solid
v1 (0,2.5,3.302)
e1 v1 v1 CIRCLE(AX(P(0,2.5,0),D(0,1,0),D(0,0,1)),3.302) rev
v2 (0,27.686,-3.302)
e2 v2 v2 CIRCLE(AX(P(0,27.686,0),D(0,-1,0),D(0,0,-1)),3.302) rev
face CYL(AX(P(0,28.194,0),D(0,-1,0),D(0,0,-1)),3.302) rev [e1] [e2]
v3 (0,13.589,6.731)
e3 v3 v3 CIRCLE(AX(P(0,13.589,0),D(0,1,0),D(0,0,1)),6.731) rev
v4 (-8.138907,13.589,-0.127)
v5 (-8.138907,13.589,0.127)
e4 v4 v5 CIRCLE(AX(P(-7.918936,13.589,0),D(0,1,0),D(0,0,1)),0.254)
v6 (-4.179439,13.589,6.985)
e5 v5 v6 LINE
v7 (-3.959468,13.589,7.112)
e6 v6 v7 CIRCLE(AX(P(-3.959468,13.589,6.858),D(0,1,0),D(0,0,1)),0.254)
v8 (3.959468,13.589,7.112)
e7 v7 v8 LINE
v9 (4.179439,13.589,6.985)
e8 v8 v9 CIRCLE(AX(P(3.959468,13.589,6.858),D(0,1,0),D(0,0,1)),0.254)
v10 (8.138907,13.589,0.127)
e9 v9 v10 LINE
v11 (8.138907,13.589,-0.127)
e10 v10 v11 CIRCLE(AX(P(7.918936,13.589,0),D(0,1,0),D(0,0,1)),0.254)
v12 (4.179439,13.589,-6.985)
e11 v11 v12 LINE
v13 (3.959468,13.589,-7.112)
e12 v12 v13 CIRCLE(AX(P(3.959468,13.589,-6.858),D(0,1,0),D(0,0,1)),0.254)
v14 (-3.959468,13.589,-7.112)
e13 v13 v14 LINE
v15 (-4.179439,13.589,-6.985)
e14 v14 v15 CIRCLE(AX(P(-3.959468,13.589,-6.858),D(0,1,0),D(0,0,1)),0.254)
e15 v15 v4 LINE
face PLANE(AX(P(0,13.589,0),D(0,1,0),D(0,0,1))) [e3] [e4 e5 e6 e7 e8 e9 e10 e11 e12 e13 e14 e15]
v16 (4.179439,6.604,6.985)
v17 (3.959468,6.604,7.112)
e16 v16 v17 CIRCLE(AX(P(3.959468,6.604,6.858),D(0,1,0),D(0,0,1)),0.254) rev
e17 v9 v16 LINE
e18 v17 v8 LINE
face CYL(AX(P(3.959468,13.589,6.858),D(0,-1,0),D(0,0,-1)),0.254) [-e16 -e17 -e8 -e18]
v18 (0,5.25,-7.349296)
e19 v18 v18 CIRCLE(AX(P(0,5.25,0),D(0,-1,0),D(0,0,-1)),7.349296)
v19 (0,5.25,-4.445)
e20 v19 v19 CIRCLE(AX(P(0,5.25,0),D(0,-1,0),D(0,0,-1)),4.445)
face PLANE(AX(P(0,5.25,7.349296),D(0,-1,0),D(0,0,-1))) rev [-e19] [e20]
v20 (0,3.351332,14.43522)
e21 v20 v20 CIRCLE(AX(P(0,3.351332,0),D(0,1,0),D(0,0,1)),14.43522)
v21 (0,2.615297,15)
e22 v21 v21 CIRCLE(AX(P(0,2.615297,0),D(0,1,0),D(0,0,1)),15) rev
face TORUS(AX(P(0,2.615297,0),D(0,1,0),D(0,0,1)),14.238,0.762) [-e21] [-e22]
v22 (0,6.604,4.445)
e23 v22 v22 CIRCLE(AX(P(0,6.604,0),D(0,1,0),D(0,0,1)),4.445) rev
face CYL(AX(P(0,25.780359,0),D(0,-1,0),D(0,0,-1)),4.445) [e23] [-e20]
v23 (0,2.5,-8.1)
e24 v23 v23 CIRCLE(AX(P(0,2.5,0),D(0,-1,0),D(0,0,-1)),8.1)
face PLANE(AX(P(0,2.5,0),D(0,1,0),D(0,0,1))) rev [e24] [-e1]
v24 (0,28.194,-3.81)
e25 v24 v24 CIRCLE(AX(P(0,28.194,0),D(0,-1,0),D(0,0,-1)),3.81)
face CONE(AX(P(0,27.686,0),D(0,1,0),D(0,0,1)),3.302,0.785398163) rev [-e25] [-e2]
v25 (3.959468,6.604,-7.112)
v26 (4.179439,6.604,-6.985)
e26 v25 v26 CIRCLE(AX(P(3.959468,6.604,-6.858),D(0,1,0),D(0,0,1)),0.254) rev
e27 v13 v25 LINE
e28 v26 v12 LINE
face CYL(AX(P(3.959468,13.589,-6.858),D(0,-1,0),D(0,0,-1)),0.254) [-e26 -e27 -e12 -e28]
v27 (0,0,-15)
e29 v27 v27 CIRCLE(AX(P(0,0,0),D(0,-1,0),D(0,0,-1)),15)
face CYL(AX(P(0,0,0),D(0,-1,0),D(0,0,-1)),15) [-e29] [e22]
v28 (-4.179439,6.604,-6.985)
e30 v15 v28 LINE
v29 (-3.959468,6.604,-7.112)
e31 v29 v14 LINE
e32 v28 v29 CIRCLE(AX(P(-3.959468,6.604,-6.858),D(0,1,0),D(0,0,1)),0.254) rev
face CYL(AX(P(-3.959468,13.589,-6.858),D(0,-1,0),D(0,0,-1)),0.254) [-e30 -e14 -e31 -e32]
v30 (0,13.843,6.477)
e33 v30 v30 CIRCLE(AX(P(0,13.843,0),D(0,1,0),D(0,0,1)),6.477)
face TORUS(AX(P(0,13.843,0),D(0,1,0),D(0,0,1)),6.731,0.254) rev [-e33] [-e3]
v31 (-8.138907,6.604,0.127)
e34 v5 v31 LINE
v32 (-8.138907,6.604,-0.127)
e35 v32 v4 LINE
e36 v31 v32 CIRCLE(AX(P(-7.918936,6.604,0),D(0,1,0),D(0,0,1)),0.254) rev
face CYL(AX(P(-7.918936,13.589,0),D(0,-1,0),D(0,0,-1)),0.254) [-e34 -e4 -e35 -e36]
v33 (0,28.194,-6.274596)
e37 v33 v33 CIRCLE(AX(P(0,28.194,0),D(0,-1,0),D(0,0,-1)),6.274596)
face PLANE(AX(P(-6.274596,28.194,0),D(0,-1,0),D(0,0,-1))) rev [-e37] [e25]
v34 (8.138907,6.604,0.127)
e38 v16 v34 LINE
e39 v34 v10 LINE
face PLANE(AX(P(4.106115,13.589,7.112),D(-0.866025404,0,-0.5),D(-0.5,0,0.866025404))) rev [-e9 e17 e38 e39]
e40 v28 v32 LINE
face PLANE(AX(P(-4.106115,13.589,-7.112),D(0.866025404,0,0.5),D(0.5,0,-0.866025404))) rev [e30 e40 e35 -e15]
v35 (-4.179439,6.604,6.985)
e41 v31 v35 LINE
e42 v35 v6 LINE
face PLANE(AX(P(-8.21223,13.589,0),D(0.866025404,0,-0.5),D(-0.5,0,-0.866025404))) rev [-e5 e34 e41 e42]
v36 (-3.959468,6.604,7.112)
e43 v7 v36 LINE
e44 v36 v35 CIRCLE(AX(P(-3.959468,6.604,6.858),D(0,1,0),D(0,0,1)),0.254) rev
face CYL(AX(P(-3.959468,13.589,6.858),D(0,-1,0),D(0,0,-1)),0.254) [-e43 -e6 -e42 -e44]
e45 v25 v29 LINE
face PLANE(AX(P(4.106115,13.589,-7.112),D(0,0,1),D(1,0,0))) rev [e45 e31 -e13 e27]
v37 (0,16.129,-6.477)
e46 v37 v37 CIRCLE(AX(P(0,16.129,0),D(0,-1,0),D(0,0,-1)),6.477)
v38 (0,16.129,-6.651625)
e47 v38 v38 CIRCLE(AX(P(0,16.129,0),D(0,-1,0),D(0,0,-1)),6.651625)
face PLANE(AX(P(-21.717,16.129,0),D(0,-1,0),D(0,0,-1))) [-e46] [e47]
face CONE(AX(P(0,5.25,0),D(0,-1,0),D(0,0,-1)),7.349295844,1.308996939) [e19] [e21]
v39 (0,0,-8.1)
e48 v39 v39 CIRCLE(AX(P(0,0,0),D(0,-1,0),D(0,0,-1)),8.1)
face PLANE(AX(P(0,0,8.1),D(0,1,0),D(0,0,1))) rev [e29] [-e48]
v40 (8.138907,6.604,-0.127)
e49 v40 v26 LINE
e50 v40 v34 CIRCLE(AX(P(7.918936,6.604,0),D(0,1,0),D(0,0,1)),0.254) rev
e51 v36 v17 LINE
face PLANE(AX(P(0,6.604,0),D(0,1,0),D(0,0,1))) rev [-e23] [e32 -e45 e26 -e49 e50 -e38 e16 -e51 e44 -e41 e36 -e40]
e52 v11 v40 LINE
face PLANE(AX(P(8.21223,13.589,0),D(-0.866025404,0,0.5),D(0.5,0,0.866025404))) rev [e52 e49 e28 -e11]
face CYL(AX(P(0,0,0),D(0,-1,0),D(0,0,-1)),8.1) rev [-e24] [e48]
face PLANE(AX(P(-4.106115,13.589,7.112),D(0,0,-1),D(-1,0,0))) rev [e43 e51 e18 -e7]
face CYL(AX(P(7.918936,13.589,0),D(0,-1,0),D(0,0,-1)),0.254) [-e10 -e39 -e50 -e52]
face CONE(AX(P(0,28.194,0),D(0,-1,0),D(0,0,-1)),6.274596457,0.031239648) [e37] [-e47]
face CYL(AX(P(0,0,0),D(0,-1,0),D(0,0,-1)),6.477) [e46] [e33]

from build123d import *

# Parameters (mm, degrees)
SKETCH5_R         = 4.445
STUB_DEPTH        = 4.104
HEX_2_DEPTH       = 6.985
SKETCH11_W        = 15.24
SKETCH11_H        = 2.54
SKETCH3_R         = 3.302
CENTER_BORE_DEPTH = 36.283163634
FILLET1_R         = 0.254
FILLET2_R         = 0.762
CHAMFER1_SIZE     = 0.508
FILLET3_R         = 0.254


with BuildPart() as part:
    # Sketch1 → Flange (revolve)
    with BuildSketch(Plane(origin=(0, 0, 0), x_dir=(0, 0, -1), z_dir=(1, 0, 0)), mode=Mode.PRIVATE) as flange_sk:
        Polygon((-15, 0), (-15, 3.2), (-7.349295844, 5.25), (0, 5.25), (0, 2.5), (-8.1, 2.5), (-8.1, 0), align=None)
    revolve(flange_sk.sketch.rotate(Axis((0, 0, 0), (0, 1, 0)), 180), axis=Axis((0, 0, 0), (0, 1, 0)))

    # Sketch5 → Stub (add)
    with BuildSketch(Plane.XZ.offset(-2.5)):
        with Locations(Location((0, 0, 0), (0, 0, 270))):
            Circle(SKETCH5_R)
    extrude(amount=-STUB_DEPTH)

    # Sketch6 → Hex 2 (add)
    with BuildSketch(Plane(origin=(0, 6.604, 0), x_dir=(1, 0, 0), z_dir=(0, 1, 0))):
        Polygon((4.106115114, 7.112), (-4.106115114, 7.112), (-8.212230229, 0), (-4.106115114, -7.112), (4.106115114, -7.112), (8.212230229, 0), align=None)
    extrude(amount=HEX_2_DEPTH)

    # Sketch7 → Thread Body (revolve)
    with BuildSketch(Plane.XY, mode=Mode.PRIVATE) as thread_body_sk:
        Polygon((-6.731, 13.589), (-6.274596457, 28.194), (0, 28.194), (0, 13.589), align=None)
    revolve(thread_body_sk.sketch.rotate(Axis((0, 0, 0), (0, 1, 0)), 270), axis=Axis((0, 0, 0), (0, 1, 0)))

    # Sketch11 → Cut-Revolve1 (revolve, cut)
    with BuildSketch(Plane.XY, mode=Mode.PRIVATE) as cut_revolve1_sk:
        with Locations((-14.097, 14.859)):
            Rectangle(SKETCH11_W, SKETCH11_H)
    revolve(cut_revolve1_sk.sketch.rotate(Axis((0, 0, 0), (0, 1, 0)), 270), axis=Axis((0, 0, 0), (0, 1, 0)), mode=Mode.SUBTRACT)

    # Sketch3 → Center Bore (cut, through all)
    with BuildSketch(Plane(origin=(0, 0, 0), x_dir=(1, 0, 0), z_dir=(0, 1, 0))):
        with Locations(Location((0, 0, 0), (0, 0, 270))):
            Circle(SKETCH3_R)
    extrude(amount=CENTER_BORE_DEPTH, mode=Mode.SUBTRACT)

    # Fillet1
    fillet1_edges = [part.edges().sort_by_distance(p)[0] for p in [
        (8.212230229, 10.0965, 0),
        (4.106115114, 10.0965, -7.112),
        (-4.106115114, 10.0965, -7.112),
        (-8.212230229, 10.0965, 0),
        (-4.106115114, 10.0965, 7.112),
        (4.106115114, 10.0965, 7.112),
    ]]
    fillet(fillet1_edges, radius=FILLET1_R)

    # Fillet2
    fillet2_edges = [part.edges().sort_by_distance(p)[0] for p in [
        (0, 3.2, 15),
    ]]
    fillet(fillet2_edges, radius=FILLET2_R)

    # Chamfer1
    chamfer1_edges = [part.edges().sort_by_distance(p)[0] for p in [
        (0, 28.194, -3.302),
    ]]
    chamfer(chamfer1_edges, length=CHAMFER1_SIZE)

    # Fillet3
    fillet3_edges = [part.edges().sort_by_distance(p)[0] for p in [
        (0, 13.589, 6.477),
    ]]
    fillet(fillet3_edges, radius=FILLET3_R)


solid = part.part
